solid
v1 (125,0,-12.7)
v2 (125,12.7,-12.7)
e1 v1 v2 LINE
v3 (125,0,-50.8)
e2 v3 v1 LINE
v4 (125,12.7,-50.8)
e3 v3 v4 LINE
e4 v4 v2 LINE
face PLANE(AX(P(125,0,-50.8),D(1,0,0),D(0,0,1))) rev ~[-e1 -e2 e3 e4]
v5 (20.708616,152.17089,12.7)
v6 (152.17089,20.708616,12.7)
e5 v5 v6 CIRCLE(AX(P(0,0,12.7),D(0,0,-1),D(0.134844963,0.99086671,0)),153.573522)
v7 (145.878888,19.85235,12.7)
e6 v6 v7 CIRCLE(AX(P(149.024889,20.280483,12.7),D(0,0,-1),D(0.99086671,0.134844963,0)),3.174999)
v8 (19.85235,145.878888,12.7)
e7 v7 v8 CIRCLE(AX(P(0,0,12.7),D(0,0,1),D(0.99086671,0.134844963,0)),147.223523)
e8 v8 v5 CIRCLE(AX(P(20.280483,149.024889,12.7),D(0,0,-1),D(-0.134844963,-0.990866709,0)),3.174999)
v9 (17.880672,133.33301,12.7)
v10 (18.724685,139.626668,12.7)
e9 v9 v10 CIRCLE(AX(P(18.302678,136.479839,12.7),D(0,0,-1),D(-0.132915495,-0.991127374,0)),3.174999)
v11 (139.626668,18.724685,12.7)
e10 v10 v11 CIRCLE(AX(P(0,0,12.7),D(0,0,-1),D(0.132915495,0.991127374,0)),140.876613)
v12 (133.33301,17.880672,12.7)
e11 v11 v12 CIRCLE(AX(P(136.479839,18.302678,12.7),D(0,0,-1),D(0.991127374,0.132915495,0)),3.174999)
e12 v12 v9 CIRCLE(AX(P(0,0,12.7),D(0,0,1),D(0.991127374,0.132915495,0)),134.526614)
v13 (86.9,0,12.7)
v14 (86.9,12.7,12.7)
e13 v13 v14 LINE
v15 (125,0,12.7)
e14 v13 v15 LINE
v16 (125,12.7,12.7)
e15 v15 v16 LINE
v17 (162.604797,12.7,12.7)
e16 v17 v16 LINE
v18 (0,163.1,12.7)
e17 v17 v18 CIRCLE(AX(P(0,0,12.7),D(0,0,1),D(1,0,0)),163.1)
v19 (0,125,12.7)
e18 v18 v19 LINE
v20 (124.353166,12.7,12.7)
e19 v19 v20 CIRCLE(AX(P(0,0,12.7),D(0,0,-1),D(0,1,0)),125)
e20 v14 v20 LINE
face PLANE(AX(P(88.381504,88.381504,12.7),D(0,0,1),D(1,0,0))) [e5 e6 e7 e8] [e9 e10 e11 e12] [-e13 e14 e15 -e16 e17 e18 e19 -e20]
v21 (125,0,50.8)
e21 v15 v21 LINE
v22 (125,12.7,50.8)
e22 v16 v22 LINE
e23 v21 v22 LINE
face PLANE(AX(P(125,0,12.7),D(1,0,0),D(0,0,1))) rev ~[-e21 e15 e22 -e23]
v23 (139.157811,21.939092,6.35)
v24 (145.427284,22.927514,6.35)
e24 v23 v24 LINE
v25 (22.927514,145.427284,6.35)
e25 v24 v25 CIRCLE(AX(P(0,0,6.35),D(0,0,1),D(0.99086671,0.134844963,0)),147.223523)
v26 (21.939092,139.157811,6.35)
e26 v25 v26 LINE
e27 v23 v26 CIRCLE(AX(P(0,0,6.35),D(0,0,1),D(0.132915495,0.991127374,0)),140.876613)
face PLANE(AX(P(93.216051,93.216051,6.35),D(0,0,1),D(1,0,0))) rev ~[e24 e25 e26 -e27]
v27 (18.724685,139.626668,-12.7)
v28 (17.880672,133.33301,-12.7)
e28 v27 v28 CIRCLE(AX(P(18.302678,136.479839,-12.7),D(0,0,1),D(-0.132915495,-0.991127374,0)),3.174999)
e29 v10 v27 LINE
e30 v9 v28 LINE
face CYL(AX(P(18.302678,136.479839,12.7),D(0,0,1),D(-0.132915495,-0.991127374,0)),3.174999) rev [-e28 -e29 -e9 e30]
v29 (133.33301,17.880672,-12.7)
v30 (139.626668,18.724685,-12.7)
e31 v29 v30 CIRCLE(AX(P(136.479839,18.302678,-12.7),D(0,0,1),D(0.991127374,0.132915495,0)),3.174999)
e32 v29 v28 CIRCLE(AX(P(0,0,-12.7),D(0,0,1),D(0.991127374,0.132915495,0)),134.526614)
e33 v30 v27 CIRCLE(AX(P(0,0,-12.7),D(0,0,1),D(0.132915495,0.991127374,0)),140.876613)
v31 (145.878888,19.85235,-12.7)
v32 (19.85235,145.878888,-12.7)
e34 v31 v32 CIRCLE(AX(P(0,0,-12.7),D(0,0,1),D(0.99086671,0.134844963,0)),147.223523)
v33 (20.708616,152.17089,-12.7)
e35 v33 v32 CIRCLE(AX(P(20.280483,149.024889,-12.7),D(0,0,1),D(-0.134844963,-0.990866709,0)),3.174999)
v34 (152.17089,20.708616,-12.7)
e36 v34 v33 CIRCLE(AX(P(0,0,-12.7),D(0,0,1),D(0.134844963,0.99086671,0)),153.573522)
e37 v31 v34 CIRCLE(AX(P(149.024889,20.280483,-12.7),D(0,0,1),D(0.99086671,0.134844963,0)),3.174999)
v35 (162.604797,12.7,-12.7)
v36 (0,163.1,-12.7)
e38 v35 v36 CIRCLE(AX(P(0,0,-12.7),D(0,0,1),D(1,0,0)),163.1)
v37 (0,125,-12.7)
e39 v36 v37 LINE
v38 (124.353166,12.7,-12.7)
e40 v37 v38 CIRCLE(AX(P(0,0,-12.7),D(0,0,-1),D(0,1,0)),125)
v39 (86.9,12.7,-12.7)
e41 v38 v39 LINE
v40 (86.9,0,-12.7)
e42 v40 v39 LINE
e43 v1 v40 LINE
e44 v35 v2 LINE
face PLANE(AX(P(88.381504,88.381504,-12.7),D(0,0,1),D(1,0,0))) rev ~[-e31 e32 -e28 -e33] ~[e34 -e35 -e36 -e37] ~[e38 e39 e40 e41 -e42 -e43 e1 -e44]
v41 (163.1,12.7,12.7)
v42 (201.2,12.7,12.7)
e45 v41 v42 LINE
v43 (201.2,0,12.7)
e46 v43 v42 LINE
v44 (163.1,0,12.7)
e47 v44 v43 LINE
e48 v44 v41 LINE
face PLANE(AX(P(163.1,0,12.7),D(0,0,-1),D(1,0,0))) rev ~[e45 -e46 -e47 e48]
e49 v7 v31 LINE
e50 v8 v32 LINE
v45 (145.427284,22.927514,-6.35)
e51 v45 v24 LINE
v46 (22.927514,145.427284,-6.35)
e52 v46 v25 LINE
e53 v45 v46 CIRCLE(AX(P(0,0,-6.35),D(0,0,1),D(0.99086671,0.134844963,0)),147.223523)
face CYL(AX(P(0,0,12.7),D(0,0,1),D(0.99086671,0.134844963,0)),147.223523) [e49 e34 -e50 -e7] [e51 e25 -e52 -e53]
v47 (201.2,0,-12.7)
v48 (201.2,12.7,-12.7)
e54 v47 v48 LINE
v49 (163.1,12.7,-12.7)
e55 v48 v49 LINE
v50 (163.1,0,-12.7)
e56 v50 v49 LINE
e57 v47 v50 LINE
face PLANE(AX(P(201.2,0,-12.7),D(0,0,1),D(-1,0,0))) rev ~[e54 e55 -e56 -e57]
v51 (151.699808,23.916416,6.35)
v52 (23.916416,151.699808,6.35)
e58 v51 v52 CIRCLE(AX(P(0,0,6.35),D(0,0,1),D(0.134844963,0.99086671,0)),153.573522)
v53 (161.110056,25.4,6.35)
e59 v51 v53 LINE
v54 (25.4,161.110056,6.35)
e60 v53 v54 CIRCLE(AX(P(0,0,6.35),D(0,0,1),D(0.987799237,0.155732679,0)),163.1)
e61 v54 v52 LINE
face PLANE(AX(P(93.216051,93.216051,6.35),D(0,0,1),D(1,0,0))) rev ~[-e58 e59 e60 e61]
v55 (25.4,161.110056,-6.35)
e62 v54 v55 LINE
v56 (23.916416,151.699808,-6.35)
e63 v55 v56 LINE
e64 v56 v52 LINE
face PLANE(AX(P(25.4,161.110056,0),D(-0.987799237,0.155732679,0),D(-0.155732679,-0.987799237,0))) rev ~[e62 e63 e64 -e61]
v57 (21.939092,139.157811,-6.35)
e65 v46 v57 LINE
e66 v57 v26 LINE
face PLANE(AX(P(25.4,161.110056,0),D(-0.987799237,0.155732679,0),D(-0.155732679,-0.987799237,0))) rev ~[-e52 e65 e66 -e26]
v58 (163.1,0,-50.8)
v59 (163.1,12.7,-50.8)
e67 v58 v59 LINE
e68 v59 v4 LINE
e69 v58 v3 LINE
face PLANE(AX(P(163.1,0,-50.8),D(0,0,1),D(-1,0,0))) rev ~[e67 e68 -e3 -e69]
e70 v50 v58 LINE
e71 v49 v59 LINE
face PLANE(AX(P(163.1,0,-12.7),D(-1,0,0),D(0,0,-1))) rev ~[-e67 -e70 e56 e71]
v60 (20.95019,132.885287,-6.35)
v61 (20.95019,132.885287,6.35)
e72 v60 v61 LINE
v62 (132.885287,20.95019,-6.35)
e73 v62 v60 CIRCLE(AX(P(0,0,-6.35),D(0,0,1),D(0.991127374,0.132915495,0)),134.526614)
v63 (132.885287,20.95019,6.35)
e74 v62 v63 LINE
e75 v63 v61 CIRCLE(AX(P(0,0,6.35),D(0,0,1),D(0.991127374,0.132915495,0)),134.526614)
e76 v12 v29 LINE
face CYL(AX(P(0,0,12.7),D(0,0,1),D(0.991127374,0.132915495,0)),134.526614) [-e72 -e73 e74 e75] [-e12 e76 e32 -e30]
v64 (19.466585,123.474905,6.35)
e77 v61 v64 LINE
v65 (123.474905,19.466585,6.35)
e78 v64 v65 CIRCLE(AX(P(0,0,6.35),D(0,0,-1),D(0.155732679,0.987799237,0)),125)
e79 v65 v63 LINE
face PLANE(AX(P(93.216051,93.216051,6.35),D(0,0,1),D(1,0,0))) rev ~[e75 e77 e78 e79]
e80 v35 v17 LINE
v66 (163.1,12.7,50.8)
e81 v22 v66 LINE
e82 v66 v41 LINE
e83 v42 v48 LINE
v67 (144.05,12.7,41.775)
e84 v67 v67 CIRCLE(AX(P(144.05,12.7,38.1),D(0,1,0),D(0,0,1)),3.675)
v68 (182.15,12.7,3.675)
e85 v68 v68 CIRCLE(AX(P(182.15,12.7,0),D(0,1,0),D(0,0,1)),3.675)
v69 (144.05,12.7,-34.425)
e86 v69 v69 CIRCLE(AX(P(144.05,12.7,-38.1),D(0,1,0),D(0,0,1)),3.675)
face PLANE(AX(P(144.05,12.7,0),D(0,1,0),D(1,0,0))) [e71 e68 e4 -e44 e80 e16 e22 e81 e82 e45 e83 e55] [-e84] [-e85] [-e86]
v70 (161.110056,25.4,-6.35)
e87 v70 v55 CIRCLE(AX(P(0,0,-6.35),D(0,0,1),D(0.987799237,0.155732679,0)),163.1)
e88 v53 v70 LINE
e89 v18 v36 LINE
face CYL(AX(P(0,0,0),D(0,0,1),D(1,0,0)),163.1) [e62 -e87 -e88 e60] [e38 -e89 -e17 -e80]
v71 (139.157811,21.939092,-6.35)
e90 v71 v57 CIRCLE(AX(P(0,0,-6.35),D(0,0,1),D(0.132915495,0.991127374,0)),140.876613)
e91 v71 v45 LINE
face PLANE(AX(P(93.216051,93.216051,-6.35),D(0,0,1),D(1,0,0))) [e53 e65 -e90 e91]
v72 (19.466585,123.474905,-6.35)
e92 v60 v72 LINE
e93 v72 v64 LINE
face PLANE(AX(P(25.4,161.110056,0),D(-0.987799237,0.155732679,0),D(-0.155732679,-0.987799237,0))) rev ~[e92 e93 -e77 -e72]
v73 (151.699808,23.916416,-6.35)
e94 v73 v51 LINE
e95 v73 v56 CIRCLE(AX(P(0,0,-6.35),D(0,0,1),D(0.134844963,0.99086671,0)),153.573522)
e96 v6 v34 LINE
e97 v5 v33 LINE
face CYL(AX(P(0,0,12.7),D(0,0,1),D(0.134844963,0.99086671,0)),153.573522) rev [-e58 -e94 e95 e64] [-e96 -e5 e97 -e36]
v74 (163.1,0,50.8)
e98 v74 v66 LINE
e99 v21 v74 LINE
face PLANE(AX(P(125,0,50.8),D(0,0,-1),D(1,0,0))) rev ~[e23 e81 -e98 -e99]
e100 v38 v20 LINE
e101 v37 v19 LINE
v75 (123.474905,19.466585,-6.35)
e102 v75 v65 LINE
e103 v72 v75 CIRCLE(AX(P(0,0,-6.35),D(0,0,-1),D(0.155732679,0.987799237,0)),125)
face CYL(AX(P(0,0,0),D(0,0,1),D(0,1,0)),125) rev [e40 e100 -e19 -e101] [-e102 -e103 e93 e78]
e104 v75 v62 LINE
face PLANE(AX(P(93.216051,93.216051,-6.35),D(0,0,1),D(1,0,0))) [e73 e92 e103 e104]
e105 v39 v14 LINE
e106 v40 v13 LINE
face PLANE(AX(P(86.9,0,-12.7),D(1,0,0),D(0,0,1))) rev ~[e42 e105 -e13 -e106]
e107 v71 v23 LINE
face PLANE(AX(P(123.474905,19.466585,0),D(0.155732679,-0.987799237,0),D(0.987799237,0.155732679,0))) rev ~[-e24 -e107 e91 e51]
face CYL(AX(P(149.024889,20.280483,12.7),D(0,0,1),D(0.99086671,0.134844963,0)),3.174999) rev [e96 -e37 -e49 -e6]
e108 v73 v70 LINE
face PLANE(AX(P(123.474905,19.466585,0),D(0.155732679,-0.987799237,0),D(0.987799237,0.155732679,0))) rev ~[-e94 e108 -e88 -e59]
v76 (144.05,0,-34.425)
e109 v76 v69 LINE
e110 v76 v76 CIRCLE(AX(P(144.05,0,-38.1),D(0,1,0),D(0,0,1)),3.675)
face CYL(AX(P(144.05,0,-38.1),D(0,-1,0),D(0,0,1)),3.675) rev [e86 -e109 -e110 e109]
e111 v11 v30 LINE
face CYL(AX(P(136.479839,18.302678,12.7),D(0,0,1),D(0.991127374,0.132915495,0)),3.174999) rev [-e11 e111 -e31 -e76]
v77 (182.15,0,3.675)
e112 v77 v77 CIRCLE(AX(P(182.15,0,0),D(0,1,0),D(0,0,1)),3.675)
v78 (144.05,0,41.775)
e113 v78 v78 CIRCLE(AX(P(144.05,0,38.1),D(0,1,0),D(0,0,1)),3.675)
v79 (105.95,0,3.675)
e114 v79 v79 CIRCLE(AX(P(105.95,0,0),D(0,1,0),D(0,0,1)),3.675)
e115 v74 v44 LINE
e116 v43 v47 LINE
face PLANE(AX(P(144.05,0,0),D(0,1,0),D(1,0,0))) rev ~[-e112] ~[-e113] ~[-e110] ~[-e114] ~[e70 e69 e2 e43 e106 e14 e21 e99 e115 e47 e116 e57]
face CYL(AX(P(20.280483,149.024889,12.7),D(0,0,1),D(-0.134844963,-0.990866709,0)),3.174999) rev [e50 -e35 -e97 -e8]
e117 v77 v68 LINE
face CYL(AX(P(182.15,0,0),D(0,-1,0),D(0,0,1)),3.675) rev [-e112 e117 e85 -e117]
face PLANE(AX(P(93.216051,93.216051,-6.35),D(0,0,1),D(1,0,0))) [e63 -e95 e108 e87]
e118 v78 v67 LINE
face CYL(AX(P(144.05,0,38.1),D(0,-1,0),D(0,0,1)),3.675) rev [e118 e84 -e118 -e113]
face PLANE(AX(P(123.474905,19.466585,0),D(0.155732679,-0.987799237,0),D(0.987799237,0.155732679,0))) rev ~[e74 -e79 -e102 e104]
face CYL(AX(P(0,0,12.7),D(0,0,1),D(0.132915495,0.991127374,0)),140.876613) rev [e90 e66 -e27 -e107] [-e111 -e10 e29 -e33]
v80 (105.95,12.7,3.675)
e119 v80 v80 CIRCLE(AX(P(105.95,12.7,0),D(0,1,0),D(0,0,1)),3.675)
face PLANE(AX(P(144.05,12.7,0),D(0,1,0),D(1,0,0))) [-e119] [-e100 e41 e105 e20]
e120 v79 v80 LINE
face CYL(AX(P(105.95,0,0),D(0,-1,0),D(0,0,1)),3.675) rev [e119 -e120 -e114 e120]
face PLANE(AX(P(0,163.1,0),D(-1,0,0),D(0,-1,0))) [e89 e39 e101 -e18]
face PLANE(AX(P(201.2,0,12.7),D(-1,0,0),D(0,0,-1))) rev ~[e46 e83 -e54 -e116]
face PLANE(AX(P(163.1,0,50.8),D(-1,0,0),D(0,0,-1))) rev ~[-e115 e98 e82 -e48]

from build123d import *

# Parameters (mm, degrees)
BOSS_EXTRUDE1_DEPTH = 12.7
CUT_EXTRUDE1_DEPTH  = 6.35
CUT_EXTRUDE2_DEPTH  = 233.052537155
SKETCH5_R           = 3.675
BOSS_EXTRUDE2_DEPTH = 12.7


with BuildPart() as part:
    # Sketch1 → Boss-Extrude1 (new, symmetric)
    with BuildSketch(Plane.XY):
        with BuildLine():
            Line((0, 163.1), (0, 125))
            ThreePointArc((0, 125), (88.388347648, 88.388347648), (125, 0))
            Line((125, 0), (163.1, 0))
            ThreePointArc((163.1, 0), (115.329116012, 115.329116012), (0, 163.1))
        make_face()
    extrude(amount=BOSS_EXTRUDE1_DEPTH, both=True)

    # Sketch3 → Cut-Extrude1 (cut, symmetric)
    with BuildSketch(Plane.XY):
        with BuildLine():
            Line((25.4, 161.110055552), (19.466584917, 123.474904623))
            ThreePointArc((19.466584917, 123.474904623), (88.388347648, 88.388347648), (123.474904623, 19.466584917))
            Line((123.474904623, 19.466584917), (161.110055552, 25.4))
            ThreePointArc((161.110055552, 25.4), (115.329116012, 115.329116012), (25.4, 161.110055552))
        make_face()
    extrude(amount=CUT_EXTRUDE1_DEPTH, both=True, mode=Mode.SUBTRACT)

    # Sketch4 → Cut-Extrude2 (cut, through all)
    with BuildSketch(Plane.XY.offset(12.7)):
        with BuildLine():
            ThreePointArc((18.724684767, 139.626667691), (99.614808513, 99.614808513), (139.626667691, 18.724684767))
            ThreePointArc((139.626667691, 18.724684767), (136.90184543, 15.155849254), (133.333009917, 17.880671515))
            ThreePointArc((133.333009917, 17.880671515), (95.124681201, 95.124681201), (17.880671515, 133.333009917))
            ThreePointArc((17.880671515, 133.333009917), (15.155849254, 136.90184543), (18.724684767, 139.626667691))
        make_face()
        with BuildLine():
            ThreePointArc((20.708615854, 152.170890392), (108.592878802, 108.592878802), (152.170890392, 20.708615854))
            ThreePointArc((152.170890392, 20.708615854), (149.453021799, 17.134481891), (145.878887836, 19.852350483))
            ThreePointArc((145.878887836, 19.852350483), (104.102751491, 104.102751491), (19.852350483, 145.878887836))
            ThreePointArc((19.852350483, 145.878887836), (17.134481891, 149.453021799), (20.708615854, 152.170890392))
        make_face()
    extrude(amount=-CUT_EXTRUDE2_DEPTH, mode=Mode.SUBTRACT)

    # Sketch5 → Boss-Extrude2 (add)
    with BuildSketch(Plane(origin=(0, 0, 0), x_dir=(1, 0, 0), z_dir=(0, 1, 0))):
        Polygon((163.1, -12.7), (201.2, -12.7), (201.2, 12.7), (163.1, 12.7), (163.1, 50.8), (125, 50.8), (125, 12.7), (86.9, 12.7), (86.9, -12.7), (125, -12.7), (125, -50.8), (163.1, -50.8), align=None)
        with Locations(Location((105.95, 0, 0), (0, 0, 270))):
            Circle(SKETCH5_R, mode=Mode.SUBTRACT)
        with Locations(Location((182.15, 0, 0), (0, 0, 270))):
            Circle(SKETCH5_R, mode=Mode.SUBTRACT)
        with Locations(Location((144.05, -38.1, 0), (0, 0, 270))):
            Circle(SKETCH5_R, mode=Mode.SUBTRACT)
        with Locations(Location((144.05, 38.1, 0), (0, 0, 270))):
            Circle(SKETCH5_R, mode=Mode.SUBTRACT)
    extrude(amount=BOSS_EXTRUDE2_DEPTH)


solid = part.part
